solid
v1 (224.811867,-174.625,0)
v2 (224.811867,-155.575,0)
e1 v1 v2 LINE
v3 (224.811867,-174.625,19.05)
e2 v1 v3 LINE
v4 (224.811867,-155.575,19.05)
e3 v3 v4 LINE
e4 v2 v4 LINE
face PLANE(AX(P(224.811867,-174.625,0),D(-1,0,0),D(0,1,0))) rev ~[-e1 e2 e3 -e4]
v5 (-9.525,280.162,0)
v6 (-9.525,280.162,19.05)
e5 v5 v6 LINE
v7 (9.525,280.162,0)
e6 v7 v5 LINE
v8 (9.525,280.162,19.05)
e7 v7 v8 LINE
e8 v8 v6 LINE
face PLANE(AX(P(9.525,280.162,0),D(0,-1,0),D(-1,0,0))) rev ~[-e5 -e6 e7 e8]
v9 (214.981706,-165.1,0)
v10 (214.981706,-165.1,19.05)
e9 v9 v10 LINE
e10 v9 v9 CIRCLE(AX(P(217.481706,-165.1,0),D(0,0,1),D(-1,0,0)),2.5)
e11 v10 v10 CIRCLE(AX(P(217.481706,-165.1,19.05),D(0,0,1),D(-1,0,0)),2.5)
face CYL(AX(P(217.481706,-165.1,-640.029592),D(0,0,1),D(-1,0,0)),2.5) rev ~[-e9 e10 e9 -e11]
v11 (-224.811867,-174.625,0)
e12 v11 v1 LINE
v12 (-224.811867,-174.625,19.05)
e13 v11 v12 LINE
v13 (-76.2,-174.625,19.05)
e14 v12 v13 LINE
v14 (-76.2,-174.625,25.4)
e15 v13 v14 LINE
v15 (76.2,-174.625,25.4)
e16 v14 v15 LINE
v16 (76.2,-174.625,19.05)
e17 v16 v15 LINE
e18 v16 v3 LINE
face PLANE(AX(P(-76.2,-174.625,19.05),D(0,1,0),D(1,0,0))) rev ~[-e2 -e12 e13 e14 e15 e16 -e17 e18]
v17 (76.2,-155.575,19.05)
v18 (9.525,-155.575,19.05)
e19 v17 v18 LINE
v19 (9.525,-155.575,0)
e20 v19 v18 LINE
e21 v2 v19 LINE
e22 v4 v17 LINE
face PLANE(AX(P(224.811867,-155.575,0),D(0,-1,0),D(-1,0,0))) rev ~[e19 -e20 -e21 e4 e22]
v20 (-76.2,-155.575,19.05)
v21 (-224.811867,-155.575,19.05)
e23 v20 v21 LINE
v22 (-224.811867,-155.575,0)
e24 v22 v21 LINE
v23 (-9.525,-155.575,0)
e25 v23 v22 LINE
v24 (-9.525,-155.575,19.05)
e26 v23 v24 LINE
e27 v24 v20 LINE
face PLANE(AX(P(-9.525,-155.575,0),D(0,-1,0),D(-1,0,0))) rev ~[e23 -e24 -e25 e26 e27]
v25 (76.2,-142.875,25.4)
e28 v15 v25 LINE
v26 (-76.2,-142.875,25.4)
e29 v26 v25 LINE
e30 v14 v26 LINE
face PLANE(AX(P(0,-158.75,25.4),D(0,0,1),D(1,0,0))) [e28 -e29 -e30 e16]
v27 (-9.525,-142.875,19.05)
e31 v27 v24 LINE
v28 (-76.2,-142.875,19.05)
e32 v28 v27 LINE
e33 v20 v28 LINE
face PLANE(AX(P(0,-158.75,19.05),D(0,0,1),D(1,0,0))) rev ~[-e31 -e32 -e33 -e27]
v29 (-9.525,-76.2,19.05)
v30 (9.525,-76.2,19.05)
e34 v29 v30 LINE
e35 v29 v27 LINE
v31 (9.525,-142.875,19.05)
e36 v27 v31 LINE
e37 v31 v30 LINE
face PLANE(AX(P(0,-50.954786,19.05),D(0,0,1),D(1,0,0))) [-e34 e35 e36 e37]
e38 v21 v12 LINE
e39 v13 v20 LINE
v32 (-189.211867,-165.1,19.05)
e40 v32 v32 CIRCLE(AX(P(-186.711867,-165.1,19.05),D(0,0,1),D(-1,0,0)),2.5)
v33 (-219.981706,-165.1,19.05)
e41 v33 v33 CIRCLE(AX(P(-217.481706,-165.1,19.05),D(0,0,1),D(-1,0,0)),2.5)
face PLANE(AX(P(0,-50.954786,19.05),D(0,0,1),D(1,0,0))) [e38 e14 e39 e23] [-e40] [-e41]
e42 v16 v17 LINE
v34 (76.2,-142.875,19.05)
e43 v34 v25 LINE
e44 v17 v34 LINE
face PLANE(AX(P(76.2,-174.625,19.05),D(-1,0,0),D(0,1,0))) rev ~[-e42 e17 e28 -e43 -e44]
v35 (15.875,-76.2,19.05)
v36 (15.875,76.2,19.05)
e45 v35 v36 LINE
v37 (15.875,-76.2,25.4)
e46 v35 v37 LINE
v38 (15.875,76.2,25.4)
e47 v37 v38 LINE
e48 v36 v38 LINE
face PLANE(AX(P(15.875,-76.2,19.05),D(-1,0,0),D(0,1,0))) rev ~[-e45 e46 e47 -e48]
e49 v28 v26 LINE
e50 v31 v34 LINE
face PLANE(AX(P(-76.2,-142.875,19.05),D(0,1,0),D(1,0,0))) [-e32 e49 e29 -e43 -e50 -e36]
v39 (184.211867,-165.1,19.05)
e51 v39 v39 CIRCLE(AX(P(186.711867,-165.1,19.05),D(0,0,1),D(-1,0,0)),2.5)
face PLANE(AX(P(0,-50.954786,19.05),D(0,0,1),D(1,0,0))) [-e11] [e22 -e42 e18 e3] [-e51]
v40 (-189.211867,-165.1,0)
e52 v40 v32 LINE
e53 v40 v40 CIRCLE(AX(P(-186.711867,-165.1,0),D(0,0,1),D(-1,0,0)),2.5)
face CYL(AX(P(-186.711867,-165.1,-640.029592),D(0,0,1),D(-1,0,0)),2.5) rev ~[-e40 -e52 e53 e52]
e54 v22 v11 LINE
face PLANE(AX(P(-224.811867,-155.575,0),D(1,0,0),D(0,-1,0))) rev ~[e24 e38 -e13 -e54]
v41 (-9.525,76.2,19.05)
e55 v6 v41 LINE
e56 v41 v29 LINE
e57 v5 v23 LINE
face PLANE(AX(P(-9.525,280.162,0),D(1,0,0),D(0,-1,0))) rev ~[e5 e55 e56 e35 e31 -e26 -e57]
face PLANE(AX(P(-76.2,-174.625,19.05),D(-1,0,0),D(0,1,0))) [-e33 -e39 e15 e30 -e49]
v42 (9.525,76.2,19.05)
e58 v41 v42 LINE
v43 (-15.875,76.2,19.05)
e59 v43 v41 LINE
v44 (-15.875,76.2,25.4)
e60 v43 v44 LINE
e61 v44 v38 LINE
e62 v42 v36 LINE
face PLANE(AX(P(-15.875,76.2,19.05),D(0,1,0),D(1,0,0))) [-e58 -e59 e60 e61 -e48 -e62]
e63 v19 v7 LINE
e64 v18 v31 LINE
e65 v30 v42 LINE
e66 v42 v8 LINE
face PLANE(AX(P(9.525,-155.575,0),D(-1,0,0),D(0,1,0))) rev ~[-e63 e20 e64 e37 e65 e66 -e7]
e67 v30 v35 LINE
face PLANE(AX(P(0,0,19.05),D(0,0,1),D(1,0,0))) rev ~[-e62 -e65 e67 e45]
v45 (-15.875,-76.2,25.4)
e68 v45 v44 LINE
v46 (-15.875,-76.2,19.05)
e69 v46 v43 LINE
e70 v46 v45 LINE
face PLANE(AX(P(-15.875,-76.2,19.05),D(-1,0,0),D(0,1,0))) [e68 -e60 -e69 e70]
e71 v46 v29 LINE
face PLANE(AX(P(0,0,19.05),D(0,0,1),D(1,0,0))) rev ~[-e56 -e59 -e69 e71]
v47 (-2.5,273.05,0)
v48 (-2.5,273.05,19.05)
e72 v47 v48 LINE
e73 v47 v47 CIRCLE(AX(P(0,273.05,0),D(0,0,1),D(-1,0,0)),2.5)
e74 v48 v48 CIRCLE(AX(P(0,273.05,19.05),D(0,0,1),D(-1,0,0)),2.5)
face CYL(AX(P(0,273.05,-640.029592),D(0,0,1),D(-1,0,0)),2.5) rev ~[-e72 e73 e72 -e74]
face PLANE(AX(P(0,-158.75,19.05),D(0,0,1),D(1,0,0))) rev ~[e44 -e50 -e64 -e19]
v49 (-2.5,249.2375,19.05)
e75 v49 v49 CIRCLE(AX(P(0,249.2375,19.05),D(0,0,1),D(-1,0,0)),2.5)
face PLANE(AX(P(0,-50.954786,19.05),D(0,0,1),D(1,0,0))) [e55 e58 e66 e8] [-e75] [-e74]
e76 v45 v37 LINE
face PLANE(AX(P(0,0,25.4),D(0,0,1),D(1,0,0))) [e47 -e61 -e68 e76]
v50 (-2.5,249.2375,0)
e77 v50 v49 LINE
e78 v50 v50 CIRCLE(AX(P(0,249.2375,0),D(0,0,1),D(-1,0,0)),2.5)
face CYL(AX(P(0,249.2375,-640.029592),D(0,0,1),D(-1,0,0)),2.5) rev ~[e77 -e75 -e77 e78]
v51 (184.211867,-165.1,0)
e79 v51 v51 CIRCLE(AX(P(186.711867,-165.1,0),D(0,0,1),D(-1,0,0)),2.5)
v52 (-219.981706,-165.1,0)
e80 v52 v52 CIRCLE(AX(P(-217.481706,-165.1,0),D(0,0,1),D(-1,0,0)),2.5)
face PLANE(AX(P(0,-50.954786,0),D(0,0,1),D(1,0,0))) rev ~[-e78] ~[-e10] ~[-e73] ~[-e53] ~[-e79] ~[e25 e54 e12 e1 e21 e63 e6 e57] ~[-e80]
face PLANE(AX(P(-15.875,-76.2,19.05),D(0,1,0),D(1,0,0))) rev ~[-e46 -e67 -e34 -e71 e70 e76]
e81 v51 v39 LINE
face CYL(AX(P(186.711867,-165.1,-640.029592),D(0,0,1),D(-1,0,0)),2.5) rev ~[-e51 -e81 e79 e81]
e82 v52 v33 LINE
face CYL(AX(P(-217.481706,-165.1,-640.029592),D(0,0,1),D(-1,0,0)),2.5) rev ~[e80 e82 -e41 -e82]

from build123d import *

# Parameters (mm, degrees)
F1_DEPTH = 19.05
F2_W     = 152.4
F2_H     = 31.75
F2_W_2   = 31.75
F2_H_2   = 152.4
F3_DEPTH = 6.35
F4_D     = 5


with BuildPart() as f1:
    # F0 (on Top) → F1 (new body)
    with BuildSketch(Plane.XY):
        Polygon((-9.525, -155.575), (-224.8118673418, -155.575), (-224.8118673418, -174.625), (224.8118673418, -174.625), (224.8118673418, -155.575), (9.525, -155.575), (9.525, 280.162), (-9.525, 280.162), align=None)
    extrude(amount=F1_DEPTH)

    # F2 (on face) → F3 (join)
    with BuildSketch(Plane.XY.offset(19.05)):
        with Locations((0, -158.75)):
            Rectangle(F2_W, F2_H)
        Rectangle(F2_W_2, F2_H_2)
    extrude(amount=F3_DEPTH)

    # F4 (through all)
    with Locations(Plane(origin=(0, 0, 0), x_dir=(1, 0, 0), z_dir=(0, 0, -1))):
        with Locations((186.7118673418, 165.1), (0, -249.2375), (-186.7118673418, 165.1), (-217.4817061272, 165.1), (217.4817061272, 165.1), (0, -273.05)):
            Hole(F4_D / 2)


solid = f1.part
